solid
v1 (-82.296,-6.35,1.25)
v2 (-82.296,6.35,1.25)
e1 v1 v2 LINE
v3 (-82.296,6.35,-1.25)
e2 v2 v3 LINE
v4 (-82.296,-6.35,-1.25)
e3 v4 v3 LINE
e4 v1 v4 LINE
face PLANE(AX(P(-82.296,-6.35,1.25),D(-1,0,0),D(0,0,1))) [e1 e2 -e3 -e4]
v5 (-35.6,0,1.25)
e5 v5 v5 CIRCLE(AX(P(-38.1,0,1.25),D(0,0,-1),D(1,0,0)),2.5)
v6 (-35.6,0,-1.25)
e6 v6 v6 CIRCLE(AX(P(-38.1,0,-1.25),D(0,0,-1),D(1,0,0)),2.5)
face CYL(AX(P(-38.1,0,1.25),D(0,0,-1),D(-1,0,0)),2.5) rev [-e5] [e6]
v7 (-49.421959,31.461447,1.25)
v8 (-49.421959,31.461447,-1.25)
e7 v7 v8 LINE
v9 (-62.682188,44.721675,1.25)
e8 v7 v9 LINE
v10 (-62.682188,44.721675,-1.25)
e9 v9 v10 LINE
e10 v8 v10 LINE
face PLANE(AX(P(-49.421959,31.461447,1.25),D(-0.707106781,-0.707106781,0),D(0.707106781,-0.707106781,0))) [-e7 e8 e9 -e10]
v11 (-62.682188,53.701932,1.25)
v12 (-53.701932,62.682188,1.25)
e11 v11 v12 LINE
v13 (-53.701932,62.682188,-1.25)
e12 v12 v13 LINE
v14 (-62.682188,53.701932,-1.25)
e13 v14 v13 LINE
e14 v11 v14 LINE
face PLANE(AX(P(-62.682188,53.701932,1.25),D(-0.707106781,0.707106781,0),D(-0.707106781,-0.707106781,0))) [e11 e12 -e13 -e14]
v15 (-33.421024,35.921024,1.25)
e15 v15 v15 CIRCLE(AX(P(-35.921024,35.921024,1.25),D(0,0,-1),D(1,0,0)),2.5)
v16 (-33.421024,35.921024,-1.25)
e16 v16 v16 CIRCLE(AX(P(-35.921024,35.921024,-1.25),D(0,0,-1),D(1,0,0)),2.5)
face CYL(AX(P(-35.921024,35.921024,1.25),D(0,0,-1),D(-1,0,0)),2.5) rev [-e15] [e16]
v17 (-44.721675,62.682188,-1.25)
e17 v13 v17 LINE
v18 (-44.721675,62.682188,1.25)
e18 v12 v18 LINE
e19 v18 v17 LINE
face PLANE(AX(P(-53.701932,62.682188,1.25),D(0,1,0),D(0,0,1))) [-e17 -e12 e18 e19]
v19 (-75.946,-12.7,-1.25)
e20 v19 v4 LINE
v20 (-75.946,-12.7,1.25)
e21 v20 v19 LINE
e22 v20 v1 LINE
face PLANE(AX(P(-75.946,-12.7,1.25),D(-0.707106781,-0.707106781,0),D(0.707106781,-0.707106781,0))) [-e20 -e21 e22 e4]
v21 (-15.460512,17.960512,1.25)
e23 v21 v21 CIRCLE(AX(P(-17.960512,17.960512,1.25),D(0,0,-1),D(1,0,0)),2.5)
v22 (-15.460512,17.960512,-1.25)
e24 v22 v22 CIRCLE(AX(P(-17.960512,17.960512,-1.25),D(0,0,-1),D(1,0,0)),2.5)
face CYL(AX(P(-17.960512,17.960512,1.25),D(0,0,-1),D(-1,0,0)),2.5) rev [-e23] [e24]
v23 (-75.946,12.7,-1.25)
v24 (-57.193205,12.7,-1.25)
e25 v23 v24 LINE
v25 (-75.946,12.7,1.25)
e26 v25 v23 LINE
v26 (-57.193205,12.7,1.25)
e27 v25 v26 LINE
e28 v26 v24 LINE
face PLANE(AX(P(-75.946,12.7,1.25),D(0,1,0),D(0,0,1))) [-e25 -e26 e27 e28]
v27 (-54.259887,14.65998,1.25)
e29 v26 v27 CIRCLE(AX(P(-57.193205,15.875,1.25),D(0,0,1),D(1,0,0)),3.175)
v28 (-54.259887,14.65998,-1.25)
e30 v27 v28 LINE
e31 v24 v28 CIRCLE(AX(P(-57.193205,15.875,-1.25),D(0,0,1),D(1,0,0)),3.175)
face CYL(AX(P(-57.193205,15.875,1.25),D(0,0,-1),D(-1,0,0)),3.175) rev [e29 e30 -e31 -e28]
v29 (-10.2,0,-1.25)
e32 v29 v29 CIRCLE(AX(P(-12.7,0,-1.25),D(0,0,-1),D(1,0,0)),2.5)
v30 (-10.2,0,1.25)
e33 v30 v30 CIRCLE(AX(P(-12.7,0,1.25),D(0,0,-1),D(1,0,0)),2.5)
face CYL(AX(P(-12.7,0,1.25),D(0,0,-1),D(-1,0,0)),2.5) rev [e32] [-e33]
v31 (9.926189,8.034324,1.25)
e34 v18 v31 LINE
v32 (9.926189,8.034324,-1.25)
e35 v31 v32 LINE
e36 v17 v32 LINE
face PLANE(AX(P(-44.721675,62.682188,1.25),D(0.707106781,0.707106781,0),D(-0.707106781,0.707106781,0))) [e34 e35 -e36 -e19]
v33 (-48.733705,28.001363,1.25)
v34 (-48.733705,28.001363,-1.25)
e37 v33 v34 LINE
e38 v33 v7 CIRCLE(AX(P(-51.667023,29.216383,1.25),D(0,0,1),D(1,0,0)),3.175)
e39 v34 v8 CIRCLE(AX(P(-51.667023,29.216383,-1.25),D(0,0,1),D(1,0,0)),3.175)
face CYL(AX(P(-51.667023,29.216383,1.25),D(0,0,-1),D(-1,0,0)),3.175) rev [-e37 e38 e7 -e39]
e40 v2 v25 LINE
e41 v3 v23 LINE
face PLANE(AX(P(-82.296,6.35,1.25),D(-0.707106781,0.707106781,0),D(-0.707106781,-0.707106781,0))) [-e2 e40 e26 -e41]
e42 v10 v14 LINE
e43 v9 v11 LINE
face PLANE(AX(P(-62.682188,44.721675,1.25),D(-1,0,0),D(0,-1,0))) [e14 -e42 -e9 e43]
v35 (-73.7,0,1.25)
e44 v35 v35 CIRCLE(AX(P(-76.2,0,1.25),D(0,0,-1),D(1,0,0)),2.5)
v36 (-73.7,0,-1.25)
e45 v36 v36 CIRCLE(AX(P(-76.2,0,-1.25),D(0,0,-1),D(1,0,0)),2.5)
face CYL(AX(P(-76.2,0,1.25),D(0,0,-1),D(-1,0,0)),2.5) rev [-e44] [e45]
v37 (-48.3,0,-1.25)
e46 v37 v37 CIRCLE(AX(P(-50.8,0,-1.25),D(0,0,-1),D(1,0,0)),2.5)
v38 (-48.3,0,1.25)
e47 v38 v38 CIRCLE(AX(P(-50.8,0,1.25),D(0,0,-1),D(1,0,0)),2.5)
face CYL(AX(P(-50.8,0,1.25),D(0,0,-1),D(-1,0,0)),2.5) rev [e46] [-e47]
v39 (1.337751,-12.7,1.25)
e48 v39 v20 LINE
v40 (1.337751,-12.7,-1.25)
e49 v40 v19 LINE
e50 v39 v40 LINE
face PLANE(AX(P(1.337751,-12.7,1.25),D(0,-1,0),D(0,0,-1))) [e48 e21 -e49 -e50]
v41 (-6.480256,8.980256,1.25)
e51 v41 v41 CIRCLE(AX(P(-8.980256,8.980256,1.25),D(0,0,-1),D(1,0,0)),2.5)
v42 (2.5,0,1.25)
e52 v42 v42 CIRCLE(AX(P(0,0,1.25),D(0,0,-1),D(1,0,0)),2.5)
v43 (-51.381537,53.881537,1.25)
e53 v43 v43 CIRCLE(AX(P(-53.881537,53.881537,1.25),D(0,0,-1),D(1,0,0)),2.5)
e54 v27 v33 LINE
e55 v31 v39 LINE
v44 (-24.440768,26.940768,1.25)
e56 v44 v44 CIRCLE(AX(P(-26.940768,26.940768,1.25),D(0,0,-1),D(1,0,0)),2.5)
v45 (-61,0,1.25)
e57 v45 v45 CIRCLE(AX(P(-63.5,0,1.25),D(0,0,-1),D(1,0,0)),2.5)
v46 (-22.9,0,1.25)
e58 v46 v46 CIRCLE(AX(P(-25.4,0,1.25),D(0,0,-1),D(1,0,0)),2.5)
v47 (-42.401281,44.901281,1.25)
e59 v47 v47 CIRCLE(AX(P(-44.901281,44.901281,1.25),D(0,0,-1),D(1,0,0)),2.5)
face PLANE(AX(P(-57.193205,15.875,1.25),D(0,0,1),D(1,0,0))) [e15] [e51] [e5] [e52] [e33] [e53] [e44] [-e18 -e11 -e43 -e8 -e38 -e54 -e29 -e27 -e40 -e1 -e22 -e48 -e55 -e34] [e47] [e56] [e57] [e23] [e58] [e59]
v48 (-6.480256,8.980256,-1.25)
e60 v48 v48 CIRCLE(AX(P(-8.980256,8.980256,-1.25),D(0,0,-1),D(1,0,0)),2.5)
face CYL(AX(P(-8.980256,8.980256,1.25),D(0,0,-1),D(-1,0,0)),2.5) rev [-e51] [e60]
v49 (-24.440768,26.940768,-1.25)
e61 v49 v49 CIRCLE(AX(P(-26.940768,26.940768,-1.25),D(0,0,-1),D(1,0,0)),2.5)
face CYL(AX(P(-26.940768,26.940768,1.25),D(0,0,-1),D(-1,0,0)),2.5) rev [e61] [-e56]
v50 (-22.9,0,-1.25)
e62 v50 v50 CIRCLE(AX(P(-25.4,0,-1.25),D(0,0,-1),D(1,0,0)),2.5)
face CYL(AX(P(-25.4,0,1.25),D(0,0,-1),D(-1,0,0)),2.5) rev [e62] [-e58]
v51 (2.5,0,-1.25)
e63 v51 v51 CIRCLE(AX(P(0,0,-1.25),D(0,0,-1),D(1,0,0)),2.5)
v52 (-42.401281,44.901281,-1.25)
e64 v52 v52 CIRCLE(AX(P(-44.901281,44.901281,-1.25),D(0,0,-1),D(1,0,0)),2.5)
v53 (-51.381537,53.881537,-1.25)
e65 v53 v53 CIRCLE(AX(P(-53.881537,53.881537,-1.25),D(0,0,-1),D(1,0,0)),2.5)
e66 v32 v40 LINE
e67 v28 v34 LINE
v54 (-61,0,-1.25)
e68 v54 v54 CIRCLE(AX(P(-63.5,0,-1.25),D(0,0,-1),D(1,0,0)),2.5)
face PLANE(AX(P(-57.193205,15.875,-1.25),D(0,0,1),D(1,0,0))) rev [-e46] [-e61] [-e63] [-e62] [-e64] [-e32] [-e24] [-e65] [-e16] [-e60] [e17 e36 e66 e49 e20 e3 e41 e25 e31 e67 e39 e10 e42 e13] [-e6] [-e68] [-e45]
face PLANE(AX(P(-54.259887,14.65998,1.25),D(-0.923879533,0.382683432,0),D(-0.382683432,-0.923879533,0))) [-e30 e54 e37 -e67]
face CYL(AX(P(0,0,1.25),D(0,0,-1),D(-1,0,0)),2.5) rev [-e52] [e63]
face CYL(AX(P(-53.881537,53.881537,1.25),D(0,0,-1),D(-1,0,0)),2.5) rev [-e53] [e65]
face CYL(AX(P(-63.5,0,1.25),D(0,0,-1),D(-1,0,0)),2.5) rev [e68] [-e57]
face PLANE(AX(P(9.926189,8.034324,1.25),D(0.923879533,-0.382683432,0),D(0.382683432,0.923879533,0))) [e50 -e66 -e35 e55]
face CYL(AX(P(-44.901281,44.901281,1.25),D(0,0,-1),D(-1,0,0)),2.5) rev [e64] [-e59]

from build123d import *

# Parameters (mm, degrees)
SKETCH1_R           = 2.5
BOSS_EXTRUDE1_DEPTH = 2.5


with BuildPart() as part:
    # Sketch1 → Boss-Extrude1 (new body)
    with BuildSketch(Plane(origin=(0, 0, -1.25), x_dir=(-1, 0, 0), z_dir=(0, 0, -1))):
        with BuildLine():
            Line((-1.337750611, -12.7), (75.946, -12.7))
            Line((75.946, -12.7), (82.296, -6.35))
            Line((82.296, -6.35), (82.296, 6.35))
            Line((82.296, 6.35), (75.946, 12.7))
            Line((75.946, 12.7), (57.193204579, 12.7))
            ThreePointArc((57.193204579, 12.7), (55.429269089, 13.235083981), (54.259887063, 14.659980102))
            Line((54.259887063, 14.659980102), (48.733705431, 28.001362746))
            ThreePointArc((48.733705431, 28.001362746), (48.553029681, 29.835794416), (49.421958916, 31.461446674))
            Line((49.421958916, 31.461446674), (62.682187725, 44.721675483))
            Line((62.682187725, 44.721675483), (62.682187725, 53.701931604))
            Line((62.682187725, 53.701931604), (53.701931604, 62.682187725))
            Line((53.701931604, 62.682187725), (44.721675483, 62.682187725))
            Line((44.721675483, 62.682187725), (-9.92618865, 8.034323593))
            Line((-9.92618865, 8.034323593), (-1.337750611, -12.7))
        make_face()
        with Locations((12.7, 0)):
            Circle(SKETCH1_R, mode=Mode.SUBTRACT)
        with Locations((25.4, 0)):
            Circle(SKETCH1_R, mode=Mode.SUBTRACT)
        with Locations((38.1, 0)):
            Circle(SKETCH1_R, mode=Mode.SUBTRACT)
        with Locations((50.8, 0)):
            Circle(SKETCH1_R, mode=Mode.SUBTRACT)
        Circle(SKETCH1_R, mode=Mode.SUBTRACT)
        with Locations((76.2, 0)):
            Circle(SKETCH1_R, mode=Mode.SUBTRACT)
        with Locations((63.5, 0)):
            Circle(SKETCH1_R, mode=Mode.SUBTRACT)
        with Locations((53.881536726, 53.881536726)):
            Circle(SKETCH1_R, mode=Mode.SUBTRACT)
        with Locations((44.901280605, 44.901280605)):
            Circle(SKETCH1_R, mode=Mode.SUBTRACT)
        with Locations((35.921024484, 35.921024484)):
            Circle(SKETCH1_R, mode=Mode.SUBTRACT)
        with Locations((26.940768363, 26.940768363)):
            Circle(SKETCH1_R, mode=Mode.SUBTRACT)
        with Locations((17.960512242, 17.960512242)):
            Circle(SKETCH1_R, mode=Mode.SUBTRACT)
        with Locations((8.980256121, 8.980256121)):
            Circle(SKETCH1_R, mode=Mode.SUBTRACT)
    extrude(amount=-BOSS_EXTRUDE1_DEPTH)


solid = part.part
